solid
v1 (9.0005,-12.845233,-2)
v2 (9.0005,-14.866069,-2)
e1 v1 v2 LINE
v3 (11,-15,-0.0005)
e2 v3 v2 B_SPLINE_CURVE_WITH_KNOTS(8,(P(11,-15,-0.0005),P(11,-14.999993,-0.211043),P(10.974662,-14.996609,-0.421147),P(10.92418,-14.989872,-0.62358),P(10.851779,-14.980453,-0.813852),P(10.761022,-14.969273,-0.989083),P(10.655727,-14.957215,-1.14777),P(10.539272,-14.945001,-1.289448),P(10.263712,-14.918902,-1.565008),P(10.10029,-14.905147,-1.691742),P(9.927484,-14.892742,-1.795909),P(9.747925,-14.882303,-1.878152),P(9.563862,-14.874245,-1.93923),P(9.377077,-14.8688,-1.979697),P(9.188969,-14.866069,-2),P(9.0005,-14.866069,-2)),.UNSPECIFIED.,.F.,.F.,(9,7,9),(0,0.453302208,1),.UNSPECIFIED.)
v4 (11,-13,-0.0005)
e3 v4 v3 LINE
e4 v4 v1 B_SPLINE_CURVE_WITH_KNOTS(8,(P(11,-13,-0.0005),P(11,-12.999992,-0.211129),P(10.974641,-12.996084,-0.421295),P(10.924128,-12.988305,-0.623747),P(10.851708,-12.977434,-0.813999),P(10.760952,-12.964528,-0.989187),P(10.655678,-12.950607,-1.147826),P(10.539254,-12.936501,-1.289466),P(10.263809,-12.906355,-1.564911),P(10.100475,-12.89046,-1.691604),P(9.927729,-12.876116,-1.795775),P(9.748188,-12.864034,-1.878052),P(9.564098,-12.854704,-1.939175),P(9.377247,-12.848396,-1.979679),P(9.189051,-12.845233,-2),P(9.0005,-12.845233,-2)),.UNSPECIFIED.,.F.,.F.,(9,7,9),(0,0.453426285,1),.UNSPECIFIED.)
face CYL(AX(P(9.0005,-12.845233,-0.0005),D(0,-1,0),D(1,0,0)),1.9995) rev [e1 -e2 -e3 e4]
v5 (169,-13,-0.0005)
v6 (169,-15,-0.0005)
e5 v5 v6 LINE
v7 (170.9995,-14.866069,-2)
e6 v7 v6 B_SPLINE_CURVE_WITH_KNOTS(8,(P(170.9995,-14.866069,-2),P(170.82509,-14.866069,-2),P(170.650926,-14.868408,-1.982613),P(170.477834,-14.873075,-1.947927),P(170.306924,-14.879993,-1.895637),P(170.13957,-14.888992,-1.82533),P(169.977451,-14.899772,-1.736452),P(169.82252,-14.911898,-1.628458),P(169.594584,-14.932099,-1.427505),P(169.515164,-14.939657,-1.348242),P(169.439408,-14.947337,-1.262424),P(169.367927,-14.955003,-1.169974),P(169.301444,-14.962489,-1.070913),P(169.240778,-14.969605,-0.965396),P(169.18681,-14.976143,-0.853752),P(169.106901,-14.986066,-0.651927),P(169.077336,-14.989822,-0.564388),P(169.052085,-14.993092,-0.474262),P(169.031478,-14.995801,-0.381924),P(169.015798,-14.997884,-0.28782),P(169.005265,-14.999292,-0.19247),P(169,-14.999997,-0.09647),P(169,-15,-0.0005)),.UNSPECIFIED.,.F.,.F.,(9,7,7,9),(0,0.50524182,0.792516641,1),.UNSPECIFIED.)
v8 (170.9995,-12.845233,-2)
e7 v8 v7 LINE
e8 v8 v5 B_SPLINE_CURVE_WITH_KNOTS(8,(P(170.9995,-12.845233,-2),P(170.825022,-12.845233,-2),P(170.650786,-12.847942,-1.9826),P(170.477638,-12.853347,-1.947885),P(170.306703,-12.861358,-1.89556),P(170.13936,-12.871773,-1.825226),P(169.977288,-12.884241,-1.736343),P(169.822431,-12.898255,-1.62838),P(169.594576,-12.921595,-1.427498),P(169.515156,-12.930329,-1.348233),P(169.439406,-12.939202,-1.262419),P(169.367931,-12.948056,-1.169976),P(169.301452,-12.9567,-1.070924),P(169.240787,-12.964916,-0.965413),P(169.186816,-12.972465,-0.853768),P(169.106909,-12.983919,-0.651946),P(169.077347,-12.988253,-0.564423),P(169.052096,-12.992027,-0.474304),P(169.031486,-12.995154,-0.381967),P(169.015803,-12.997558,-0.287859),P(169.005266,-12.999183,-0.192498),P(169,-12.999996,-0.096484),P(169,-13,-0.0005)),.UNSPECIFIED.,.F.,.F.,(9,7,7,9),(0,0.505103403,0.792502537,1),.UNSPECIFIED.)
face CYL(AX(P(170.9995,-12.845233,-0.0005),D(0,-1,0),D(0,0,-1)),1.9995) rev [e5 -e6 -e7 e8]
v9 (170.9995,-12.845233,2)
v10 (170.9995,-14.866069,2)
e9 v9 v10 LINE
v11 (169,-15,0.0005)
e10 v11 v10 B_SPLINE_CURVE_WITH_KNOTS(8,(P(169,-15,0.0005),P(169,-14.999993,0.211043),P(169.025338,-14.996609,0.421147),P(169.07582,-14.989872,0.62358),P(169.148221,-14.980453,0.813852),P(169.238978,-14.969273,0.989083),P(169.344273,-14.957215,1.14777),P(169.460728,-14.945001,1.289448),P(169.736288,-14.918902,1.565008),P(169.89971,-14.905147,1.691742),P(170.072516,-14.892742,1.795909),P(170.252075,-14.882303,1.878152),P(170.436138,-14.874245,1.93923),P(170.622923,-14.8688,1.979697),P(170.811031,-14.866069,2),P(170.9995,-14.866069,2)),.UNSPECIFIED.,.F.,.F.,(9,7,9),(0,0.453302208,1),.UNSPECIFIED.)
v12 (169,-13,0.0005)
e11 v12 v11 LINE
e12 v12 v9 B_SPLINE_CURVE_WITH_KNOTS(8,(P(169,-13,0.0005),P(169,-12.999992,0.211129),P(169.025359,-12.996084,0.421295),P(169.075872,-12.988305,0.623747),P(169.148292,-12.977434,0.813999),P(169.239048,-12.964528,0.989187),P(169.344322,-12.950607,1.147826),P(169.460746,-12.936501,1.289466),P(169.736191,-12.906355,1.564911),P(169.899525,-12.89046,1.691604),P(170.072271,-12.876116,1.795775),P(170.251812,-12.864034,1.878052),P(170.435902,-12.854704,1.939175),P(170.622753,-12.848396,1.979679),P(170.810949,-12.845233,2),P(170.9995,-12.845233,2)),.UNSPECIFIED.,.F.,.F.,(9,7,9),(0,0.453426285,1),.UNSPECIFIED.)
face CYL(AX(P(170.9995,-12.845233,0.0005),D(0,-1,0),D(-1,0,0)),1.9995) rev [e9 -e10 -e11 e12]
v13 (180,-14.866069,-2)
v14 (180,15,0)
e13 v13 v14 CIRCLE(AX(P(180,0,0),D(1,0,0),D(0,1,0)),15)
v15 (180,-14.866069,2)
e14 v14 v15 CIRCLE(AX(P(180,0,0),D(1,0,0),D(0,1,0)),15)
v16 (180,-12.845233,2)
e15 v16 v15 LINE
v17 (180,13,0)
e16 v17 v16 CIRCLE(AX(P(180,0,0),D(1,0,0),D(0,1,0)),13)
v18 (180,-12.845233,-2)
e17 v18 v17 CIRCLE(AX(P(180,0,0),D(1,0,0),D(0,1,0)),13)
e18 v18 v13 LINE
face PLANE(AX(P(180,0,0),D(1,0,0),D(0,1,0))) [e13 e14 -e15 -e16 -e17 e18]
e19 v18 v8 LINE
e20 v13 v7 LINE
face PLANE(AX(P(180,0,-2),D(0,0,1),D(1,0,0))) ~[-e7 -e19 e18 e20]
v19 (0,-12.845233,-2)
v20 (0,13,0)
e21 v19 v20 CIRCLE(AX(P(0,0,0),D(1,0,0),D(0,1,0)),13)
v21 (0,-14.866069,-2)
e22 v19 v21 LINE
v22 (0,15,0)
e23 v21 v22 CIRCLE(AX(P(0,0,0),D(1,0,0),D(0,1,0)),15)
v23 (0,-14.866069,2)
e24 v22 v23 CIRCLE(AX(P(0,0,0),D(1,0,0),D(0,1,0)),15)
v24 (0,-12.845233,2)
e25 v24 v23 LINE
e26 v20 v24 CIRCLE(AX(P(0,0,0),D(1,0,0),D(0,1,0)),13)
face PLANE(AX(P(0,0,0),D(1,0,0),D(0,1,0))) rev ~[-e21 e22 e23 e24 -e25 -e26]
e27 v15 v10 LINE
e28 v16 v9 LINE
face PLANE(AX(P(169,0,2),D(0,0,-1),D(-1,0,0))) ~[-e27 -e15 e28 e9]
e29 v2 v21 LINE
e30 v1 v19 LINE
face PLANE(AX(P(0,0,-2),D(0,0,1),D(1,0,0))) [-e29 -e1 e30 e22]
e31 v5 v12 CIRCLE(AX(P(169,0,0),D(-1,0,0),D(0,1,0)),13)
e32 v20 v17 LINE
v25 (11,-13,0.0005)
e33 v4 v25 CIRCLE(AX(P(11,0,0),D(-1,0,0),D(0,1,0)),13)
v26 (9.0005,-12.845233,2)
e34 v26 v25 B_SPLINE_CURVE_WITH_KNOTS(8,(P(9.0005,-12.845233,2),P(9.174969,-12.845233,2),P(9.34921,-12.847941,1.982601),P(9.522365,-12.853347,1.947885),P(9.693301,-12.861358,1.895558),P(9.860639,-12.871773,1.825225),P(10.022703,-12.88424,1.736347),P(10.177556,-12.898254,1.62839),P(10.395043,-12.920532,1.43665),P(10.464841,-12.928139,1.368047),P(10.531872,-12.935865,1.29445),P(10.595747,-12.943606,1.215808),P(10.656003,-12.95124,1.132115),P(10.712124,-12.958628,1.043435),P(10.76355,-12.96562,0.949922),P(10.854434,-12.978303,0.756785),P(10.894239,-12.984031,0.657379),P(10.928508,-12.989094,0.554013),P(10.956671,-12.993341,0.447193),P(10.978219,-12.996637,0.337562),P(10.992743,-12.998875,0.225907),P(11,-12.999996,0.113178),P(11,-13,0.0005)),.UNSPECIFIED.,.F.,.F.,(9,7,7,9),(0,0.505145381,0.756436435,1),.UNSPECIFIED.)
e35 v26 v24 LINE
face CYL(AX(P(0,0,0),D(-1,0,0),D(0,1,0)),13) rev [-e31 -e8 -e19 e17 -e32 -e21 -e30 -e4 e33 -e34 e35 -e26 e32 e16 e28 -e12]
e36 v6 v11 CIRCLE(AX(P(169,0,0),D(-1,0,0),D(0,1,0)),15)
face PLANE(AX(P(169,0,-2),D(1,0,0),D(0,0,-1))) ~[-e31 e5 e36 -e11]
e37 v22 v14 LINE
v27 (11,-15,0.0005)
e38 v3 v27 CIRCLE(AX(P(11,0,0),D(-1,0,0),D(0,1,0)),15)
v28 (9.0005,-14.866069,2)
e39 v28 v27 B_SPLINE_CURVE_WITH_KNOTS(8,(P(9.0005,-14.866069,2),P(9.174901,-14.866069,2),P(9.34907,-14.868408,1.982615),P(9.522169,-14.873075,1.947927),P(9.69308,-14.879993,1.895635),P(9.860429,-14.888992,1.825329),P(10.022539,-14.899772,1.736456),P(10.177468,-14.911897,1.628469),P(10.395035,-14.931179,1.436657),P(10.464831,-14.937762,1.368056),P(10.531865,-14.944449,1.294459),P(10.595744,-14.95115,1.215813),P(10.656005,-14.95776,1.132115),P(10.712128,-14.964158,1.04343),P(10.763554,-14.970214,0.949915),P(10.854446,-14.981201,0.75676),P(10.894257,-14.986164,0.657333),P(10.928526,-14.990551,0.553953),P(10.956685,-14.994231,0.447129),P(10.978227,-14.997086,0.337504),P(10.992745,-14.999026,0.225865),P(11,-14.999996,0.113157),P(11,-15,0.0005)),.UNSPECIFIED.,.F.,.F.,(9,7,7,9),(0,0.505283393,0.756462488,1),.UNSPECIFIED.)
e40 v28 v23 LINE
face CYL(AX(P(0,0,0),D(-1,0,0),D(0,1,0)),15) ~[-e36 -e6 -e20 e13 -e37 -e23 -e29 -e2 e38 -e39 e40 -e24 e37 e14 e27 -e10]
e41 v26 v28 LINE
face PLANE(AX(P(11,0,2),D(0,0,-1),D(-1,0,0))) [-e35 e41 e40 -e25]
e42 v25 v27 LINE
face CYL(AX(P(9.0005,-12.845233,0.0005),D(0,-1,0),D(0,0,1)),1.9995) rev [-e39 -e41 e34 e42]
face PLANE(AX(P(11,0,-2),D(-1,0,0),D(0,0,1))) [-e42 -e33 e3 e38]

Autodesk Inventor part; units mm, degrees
ref_plane "YZ Plane" through (0, 0, 0) normal (1, 0, 0) x (0, 1, 0)
sketch "Sketch1" plane through (0, 0, 0) normal (1, 0, 0) x (0, 1, 0)
  circle A0 centre (0, 0) radius 15
  circle A1 centre (0, 0) radius 13
  dimension "d0" = 30
  dimension "d1" = 26
extrude "Extrusion1" add sketch "Sketch1" along normal blind 180
sketch "Sketch2" plane through (0, 0, 0) normal (0, 1, 0) x (-1, 0, 0)
  line L0 (0, 0) -> (-180, 0) construction
  line L1 (-180, 15) -> (-180, -15) construction
  line L2 (-11, 2) -> (0, 2)
  line L3 (0, 2) -> (0, -2)
  line L4 (0, -2) -> (-11, -2)
  line L5 (-11, -2) -> (-11, 2)
  line L6 (-11, 2) -> (0, -2)
  line L7 (0, 2) -> (-11, -2)
  line L8 (0, -15) -> (0, 15) projected
  line L9 (0, 15) -> (0, -15)
  line L10 (0, -15) -> (-180, -15) projected
  point P0 (-5.5, 0)
  dimension "d4" = 4
  dimension "d5" = 11
extrude "Extrusion2" cut sketch "Sketch2" against normal through all
fillet "Fillet1" radius 2 2 edges at (11, -13.8557, 2) (11, -13.8557, -2)
ref_plane "Work Plane1" through (90, 0, 0) normal (-1, 0, 0) x (0, 0, 1)
mirror "Mirror1" about plane through (90, 0, 0) normal (-1, 0, 0) of "Extrusion2", "Fillet1"
ref_plane "Work Plane2" through (0, -15, 0) normal (0, 1, 0) x (-1, 0, 0)
properties part number "Laser_tube" material "Polycarbonate, Clear"
